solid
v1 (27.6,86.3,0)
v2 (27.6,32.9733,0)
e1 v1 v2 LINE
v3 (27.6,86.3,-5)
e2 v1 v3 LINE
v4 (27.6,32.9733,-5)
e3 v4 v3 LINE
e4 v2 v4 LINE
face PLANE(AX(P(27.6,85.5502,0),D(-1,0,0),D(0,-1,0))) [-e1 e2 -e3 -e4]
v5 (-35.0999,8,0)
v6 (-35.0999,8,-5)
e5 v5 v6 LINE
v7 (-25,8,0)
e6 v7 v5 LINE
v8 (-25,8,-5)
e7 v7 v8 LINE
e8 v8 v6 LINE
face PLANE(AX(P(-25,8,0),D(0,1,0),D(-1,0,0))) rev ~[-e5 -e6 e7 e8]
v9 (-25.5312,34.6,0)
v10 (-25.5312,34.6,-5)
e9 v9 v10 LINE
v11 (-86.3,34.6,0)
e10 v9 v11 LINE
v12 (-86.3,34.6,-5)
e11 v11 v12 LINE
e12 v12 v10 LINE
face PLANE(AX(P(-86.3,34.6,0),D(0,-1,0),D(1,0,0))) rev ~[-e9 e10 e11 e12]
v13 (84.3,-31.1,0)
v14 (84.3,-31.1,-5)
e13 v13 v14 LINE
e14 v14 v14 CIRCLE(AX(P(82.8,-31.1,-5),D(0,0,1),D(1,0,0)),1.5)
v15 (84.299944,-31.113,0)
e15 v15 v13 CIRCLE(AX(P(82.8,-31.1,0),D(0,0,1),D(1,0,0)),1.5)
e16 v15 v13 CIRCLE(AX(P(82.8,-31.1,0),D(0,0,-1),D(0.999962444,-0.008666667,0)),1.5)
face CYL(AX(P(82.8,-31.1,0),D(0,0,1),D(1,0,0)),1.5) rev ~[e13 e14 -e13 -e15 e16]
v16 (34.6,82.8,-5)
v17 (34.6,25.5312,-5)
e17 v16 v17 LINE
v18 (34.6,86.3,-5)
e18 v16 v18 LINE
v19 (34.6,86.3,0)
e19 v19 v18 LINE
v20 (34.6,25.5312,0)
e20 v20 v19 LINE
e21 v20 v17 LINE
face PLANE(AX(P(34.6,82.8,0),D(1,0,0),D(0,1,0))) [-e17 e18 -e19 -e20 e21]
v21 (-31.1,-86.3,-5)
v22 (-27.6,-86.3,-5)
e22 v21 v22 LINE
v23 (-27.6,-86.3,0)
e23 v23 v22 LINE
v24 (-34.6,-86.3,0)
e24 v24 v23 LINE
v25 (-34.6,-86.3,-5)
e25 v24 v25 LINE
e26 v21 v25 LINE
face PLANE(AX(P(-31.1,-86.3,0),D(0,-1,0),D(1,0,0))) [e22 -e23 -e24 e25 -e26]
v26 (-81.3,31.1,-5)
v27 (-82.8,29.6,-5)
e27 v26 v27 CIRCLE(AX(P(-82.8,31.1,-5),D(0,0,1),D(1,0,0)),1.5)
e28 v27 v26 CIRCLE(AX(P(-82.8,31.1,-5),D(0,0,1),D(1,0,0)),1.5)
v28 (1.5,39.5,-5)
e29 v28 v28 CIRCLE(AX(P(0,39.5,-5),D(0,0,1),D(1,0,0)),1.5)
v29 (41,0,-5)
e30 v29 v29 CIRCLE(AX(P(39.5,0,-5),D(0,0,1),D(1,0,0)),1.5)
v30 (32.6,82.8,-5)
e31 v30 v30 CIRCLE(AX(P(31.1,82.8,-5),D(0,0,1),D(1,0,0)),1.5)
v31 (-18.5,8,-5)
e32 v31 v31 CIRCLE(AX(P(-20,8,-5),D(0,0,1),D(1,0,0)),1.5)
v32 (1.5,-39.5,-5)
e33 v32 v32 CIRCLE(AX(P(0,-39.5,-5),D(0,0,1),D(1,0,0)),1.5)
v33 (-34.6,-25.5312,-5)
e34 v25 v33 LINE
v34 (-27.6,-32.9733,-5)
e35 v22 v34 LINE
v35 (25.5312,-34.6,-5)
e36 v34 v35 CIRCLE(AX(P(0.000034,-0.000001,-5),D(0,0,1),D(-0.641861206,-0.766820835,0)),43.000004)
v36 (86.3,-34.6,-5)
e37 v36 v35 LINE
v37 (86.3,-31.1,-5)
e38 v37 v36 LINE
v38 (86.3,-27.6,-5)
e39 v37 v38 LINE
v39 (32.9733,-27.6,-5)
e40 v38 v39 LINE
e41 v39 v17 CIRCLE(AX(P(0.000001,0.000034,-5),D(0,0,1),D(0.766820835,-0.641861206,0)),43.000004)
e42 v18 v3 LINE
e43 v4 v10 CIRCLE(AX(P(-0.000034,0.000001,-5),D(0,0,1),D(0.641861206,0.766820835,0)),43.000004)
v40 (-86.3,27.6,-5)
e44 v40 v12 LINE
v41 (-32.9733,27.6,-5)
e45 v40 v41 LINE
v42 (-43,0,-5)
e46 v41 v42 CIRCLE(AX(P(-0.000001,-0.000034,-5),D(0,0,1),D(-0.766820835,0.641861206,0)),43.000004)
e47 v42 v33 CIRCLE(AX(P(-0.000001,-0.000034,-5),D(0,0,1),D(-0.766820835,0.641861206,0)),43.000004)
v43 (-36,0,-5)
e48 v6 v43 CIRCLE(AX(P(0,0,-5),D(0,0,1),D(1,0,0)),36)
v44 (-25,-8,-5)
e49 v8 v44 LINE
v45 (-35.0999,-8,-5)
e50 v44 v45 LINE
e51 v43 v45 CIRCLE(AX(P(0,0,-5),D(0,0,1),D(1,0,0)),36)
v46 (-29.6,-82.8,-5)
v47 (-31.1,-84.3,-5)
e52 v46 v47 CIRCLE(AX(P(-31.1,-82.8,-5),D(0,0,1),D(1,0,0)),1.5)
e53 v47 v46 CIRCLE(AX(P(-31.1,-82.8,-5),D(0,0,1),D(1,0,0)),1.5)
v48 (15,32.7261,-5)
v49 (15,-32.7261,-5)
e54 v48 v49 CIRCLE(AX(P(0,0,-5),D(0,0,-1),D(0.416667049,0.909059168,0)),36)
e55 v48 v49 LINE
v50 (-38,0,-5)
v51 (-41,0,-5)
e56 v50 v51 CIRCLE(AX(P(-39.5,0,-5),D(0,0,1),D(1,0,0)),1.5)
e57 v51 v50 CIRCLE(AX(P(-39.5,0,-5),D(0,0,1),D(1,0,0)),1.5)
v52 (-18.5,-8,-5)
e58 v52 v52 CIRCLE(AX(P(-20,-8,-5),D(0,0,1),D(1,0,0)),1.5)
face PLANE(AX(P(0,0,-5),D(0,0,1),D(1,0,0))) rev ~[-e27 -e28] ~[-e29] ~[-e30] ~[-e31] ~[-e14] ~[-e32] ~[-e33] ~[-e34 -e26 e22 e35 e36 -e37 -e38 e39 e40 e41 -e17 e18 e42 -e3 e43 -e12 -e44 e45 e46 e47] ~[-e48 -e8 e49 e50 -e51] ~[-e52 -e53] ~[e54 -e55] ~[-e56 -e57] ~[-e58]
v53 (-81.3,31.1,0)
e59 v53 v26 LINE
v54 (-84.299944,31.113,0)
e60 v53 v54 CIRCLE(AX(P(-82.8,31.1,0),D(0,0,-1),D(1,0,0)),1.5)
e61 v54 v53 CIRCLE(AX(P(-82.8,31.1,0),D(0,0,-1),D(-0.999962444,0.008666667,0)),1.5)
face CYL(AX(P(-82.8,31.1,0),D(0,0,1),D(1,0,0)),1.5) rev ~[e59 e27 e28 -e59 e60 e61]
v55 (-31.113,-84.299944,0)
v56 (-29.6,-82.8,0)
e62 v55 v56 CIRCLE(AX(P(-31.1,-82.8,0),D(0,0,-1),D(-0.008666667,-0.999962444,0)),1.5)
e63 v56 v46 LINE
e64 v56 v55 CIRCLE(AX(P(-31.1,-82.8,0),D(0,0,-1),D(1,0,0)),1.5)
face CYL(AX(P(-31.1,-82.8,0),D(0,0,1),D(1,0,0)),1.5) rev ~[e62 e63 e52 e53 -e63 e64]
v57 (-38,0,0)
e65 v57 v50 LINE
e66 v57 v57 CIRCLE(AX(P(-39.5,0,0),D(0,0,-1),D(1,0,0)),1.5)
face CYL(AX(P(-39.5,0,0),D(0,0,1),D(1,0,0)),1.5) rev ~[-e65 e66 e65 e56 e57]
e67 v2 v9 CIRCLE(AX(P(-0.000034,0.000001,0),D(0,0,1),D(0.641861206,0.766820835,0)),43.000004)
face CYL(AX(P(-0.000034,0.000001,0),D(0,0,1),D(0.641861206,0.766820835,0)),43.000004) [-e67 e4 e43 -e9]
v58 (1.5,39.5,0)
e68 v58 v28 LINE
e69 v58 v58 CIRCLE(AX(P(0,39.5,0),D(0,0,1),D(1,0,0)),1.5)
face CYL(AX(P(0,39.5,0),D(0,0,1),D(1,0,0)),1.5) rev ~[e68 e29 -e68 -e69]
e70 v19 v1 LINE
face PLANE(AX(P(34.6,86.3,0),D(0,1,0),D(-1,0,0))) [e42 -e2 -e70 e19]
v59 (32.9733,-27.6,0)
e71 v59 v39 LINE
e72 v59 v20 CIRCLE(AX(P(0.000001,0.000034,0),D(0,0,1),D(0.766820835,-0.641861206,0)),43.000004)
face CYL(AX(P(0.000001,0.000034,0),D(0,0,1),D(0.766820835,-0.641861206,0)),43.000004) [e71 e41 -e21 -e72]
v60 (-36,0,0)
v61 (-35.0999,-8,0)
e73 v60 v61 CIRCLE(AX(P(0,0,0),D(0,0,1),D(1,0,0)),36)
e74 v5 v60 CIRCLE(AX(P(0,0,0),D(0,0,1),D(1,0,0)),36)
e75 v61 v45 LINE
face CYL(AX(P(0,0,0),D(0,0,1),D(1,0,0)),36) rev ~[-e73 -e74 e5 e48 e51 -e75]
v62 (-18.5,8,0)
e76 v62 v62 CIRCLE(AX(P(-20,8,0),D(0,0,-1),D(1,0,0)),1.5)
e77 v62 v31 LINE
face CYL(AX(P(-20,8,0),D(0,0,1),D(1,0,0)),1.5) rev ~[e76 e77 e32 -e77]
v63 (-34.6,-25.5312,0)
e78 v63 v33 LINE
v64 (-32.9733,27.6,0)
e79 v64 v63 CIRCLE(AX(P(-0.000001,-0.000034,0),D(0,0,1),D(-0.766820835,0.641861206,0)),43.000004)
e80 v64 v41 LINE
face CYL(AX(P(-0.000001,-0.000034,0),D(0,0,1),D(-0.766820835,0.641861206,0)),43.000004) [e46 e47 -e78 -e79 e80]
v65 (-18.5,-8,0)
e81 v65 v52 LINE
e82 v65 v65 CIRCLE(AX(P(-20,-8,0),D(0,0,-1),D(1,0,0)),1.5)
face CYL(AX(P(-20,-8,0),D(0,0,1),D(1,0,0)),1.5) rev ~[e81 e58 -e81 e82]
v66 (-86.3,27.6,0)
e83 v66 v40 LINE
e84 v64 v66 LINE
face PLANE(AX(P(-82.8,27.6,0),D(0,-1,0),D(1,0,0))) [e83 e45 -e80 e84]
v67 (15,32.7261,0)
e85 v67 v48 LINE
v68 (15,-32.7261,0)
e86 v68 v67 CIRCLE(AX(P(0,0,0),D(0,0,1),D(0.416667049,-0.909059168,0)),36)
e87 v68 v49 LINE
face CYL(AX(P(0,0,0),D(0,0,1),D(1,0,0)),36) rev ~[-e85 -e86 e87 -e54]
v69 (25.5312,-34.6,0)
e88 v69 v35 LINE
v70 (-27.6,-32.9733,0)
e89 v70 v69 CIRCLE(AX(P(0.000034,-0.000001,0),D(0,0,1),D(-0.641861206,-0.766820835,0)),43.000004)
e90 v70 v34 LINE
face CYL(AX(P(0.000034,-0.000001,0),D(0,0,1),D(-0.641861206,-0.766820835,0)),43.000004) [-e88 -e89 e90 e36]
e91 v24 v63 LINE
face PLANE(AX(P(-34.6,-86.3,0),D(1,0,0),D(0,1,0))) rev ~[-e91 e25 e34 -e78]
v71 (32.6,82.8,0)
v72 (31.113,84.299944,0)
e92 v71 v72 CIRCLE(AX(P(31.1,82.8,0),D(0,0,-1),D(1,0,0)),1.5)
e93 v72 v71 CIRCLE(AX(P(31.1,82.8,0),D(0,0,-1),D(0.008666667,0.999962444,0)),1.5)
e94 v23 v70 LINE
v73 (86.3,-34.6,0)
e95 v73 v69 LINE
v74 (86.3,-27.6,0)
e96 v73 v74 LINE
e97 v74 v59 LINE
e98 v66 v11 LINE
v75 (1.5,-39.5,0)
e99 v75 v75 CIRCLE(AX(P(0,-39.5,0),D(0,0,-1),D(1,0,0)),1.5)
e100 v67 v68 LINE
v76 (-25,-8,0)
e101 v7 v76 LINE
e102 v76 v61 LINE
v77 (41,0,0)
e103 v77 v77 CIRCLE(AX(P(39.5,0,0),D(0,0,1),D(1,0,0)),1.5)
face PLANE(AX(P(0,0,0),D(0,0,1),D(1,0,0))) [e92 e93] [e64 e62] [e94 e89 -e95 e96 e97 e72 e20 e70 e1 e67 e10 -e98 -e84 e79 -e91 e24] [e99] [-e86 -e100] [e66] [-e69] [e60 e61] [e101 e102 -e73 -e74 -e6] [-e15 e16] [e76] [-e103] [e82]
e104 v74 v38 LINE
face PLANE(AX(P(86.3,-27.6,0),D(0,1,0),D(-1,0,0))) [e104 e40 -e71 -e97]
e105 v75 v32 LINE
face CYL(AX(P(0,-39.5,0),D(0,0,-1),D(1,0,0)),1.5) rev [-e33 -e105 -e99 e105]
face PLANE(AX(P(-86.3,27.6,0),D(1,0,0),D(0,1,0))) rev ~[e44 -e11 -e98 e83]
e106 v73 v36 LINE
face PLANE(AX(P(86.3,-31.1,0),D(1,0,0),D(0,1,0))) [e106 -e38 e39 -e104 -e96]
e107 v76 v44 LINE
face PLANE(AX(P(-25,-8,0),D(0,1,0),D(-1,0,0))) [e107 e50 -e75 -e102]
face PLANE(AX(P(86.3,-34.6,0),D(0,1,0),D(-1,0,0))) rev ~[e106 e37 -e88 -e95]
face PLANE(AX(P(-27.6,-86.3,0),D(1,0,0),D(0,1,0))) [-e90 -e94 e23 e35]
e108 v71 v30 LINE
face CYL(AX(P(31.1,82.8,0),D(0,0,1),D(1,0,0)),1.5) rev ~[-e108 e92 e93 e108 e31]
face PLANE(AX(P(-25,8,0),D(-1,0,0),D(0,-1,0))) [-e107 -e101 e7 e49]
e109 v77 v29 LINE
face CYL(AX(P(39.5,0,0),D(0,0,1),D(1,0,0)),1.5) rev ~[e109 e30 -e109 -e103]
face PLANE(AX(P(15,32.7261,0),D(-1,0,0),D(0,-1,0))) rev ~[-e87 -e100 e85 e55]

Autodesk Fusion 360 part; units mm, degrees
sketch "スケッチ1" plane through (0, 0, 0) normal (0, 0, 1) x (1, 0, 0)
  circle A0 centre (0, 0) radius 37
  circle A1 centre (0, 0) radius 42
  line L0 (0, 65) -> (28.613, 65)
  line L1 (50, 0) -> (50, -28.613)
  line L2 (0, -50) -> (-28.613, -50)
  line L3 (-50, 0) -> (-50, 28.613)
  line L4 (-50, 28.613) -> (-30.7457, 28.613)
  line L5 (-30.7457, 28.613) -> (-85.2927, 28.613)
  line L6 (-28.613, -50) -> (-28.613, -30.7457)
  line L7 (-28.613, -30.7457) -> (-28.613, -85.2927)
  line L8 (50, -28.613) -> (30.7457, -28.613)
  line L9 (30.7457, -28.613) -> (85.2927, -28.613)
  line L10 (28.613, 65) -> (28.613, 30.7457)
  line L11 (28.613, 30.7457) -> (28.613, 85.2927)
  line L12 (-85.2927, 28.613) -> (-85.2927, 33.613)
  line L13 (-85.2927, 33.613) -> (-25.1827, 33.613)
  line L14 (28.613, 85.2927) -> (33.613, 85.2927)
  line L15 (33.613, 85.2927) -> (33.613, 25.1827)
  line L16 (85.2927, -28.613) -> (85.2927, -33.613)
  line L17 (85.2927, -33.613) -> (25.1827, -33.613)
  line L18 (-28.613, -85.2927) -> (-33.613, -85.2927)
  line L19 (-33.613, -85.2927) -> (-33.613, -25.1827)
  line L20 (-85.2927, 33.613) -> (-80.2927, 33.613)
  line L21 (-85.2927, 31.113) -> (-82.7927, 31.113)
  circle A2 centre (-82.7927, 31.113) radius 1.5
  line L22 (31.113, 85.2927) -> (31.113, 82.7927)
  circle A3 centre (31.113, 82.7927) radius 1.5
  line L23 (85.2927, -31.113) -> (82.7927, -31.113)
  line L24 (-31.113, -85.2927) -> (-31.113, -82.7927)
  circle A4 centre (-31.113, -82.7927) radius 1.5
  circle A5 centre (82.7927, -31.113) radius 1.5
  dimension "d1" = 74
  dimension "d2" = 84
  dimension "d3" = 28.613
  dimension "d4" = 28.613
  dimension "d5" = 28.613
  dimension "d6" = 28.613
  dimension "d7" = 54.547
  dimension "d8" = 54.547
  dimension "d9" = 54.547
  dimension "d10" = 54.547
  dimension "d11" = 5
  dimension "d12" = 5
  dimension "d13" = 5
  dimension "d14" = 5
  dimension "d15" = 5
  dimension "d16" = 3
  dimension "d17" = 2.5
  dimension "d18" = 3
  dimension "d19" = 2.5
  dimension "d20" = 2.5
  dimension "d21" = 3
  dimension "d22" = 3
extrude "押し出し1" add sketch "スケッチ1" along normal blind 3
sketch "スケッチ2" plane through (0, 0, 0) normal (0, 0, 1) x (1, 0, 0)
  line L0 (0, 0) -> (0, 37)
  line L1 (0, 0) -> (37, 0)
  line L2 (0, 0) -> (-37, 0)
  line L3 (0, 0) -> (0, -37)
  line L4 (-37, 0) -> (-39.5, 0)
  line L5 (0, 37) -> (0, 39.5)
  line L6 (37, 0) -> (39.5, 0)
  line L7 (0, -37) -> (0, -39.5)
  circle A0 centre (0, -39.5) radius 1.5
  circle A1 centre (-39.5, 0) radius 1.5
  circle A2 centre (0, 39.5) radius 1.5
  circle A3 centre (39.5, 0) radius 1.5
  dimension "d25" = 37
  dimension "d26" = 37
  dimension "d27" = 37
  dimension "d28" = 37
  dimension "d30" = 2.5
  dimension "d31" = 2.5
  dimension "d32" = 2.5
  dimension "d33" = 2.5
  dimension "d34" = 3
  dimension "d35" = 3
  dimension "d36" = 3
  dimension "d37" = 3
extrude "押し出し2" cut sketch "スケッチ2" along normal blind 3
sketch "スケッチ3" plane through (0, 0, 0) normal (0, 0, 1) x (1, 0, 0)
  line L0 (-31.1, -82.8) -> (-31.1, -83.7)
  line L1 (-31.1, -82.8) -> (-31.1, -86.8)
  line L2 (-31.1, -86.8) -> (-27.1, -86.8)
sketch "スケッチ4" plane through (0, 0, 0) normal (0, 0, 1) x (1, 0, 0)
  circle A0 centre (-82.8, 31.1) radius 1.5
  line L0 (-82.8, 27.6) -> (-86.3, 27.6)
  line L1 (-86.3, 27.6) -> (-86.3, 34.6)
  line L2 (-86.3, 34.6) -> (-82.8171, 34.6)
  line L3 (-39.5, 0) -> (-36, 0)
  line L4 (-39.5, 0) -> (-43, 0)
  circle A1 centre (0, 0) radius 36
  line L5 (31.1, 82.8) -> (34.6, 82.8)
  line L6 (34.6, 82.8) -> (34.6, 86.3)
  line L7 (34.6, 86.3) -> (27.6, 86.3)
  line L8 (82.8, -31.1) -> (86.3, -31.1)
  line L9 (86.3, -31.1) -> (86.3, -34.6)
  line L10 (86.3, -31.1) -> (86.3, -27.6)
  line L11 (-31.1, -82.8) -> (-31.1, -86.8)
  line L12 (-31.1, -82.8) -> (-31.1, -86.3)
  line L13 (-31.1, -86.3) -> (-27.6, -86.3)
  line L14 (-31.1, -86.3) -> (-34.6, -86.3)
  line L15 (-82.8, 27.6) -> (-32.9733, 27.6)
  line L16 (-82.8171, 34.6) -> (-25.5312, 34.6)
  line L17 (27.6, 86.3) -> (27.6, 85.5502)
  line L18 (27.6, 85.5502) -> (27.6, 32.9733)
  line L19 (34.6, 82.8) -> (34.6, 25.5312)
  line L20 (86.3, -27.6) -> (32.9733, -27.6)
  line L21 (86.3, -34.6) -> (25.5312, -34.6)
  line L22 (-27.6, -86.3) -> (-27.6, -32.9733)
  line L23 (-34.6, -86.3) -> (-34.6, -25.5312)
  arc A2 (-32.9733, 27.6) -> (-34.6, -25.5312) centre (0, 0) ccw
  arc A3 (27.6, 32.9733) -> (-25.5312, 34.6) centre (0, 0) ccw
  arc A4 (32.9733, -27.6) -> (34.6, 25.5312) centre (0, 0) ccw
  arc A5 (-27.6, -32.9733) -> (25.5312, -34.6) centre (0, 0) ccw
  circle A6 centre (0, 0) radius 42
  circle A7 centre (0, 0) radius 37
  line L24 (-82.8, 31.1) -> (-82.8, 28.6)
  line L25 (-82.8, 28.6) -> (-30.7578, 28.6)
  line L26 (-82.8, 31.1) -> (-82.8, 33.6)
  circle A8 centre (-31.1, -82.8) radius 1.5
  circle A9 centre (82.8, -31.1) radius 1.5
  circle A10 centre (31.1, 82.8) radius 1.5
  circle A11 centre (39.5, 0) radius 1.5
  circle A12 centre (0, 39.5) radius 1.5
  circle A13 centre (-39.5, 0) radius 1.5
  circle A14 centre (0, -39.5) radius 1.5
  dimension "d40" = 7
  dimension "d42" = 7
  dimension "d43" = 84
  dimension "d44" = 2.5
  dimension "d45" = 3
extrude "押し出し3" add sketch "スケッチ4" against normal blind 5 contours L0 L1 L2 L6 L7 L9 L10 L13 L14 L15 L16 L17 L18 L19 L20 L21 L22 L23 A2 A3 A4 A5 | A7 | A6
extrude "押し出し4" cut 1 faces at (-45.9464, 31.5175, 3) along direction (0, 0, -1) blind 3
sketch "スケッチ5" plane through (0, 0, 0) normal (0, 0, 1) x (1, 0, 0)
  line L0 (15, 33) -> (15, -33)
  arc A0 (15, 32.7261) -> (15, -32.7261) centre (0, 0) ccw
  dimension "d50" = 36
extrude "押し出し5" add sketch "スケッチ5" against normal blind 5
sketch "スケッチ6" plane through (0, 0, 0) normal (0, 0, 1) x (1, 0, 0)
  line L0 (0, 0) -> (-20, 0)
  circle A0 centre (-20, -8) radius 1.5
  circle A1 centre (-20, 8) radius 1.5
  circle A2 centre (0, 0) radius 36
  line L1 (-20, -8) -> (-35.0999, -8)
  line L2 (-20, 8) -> (-35.0999, 8)
  line L3 (-20, -8) -> (-25, -8)
  line L4 (-25, 8) -> (-25, -8)
  dimension "d53" = 8
  dimension "d54" = 8
  dimension "d55" = 3
  dimension "d56" = 3
extrude "押し出し6" cut sketch "スケッチ6" against normal blind 5 contours A0 | A1 | A2 L1 L2 L4 picked at (-28.6332, 0.8955)
